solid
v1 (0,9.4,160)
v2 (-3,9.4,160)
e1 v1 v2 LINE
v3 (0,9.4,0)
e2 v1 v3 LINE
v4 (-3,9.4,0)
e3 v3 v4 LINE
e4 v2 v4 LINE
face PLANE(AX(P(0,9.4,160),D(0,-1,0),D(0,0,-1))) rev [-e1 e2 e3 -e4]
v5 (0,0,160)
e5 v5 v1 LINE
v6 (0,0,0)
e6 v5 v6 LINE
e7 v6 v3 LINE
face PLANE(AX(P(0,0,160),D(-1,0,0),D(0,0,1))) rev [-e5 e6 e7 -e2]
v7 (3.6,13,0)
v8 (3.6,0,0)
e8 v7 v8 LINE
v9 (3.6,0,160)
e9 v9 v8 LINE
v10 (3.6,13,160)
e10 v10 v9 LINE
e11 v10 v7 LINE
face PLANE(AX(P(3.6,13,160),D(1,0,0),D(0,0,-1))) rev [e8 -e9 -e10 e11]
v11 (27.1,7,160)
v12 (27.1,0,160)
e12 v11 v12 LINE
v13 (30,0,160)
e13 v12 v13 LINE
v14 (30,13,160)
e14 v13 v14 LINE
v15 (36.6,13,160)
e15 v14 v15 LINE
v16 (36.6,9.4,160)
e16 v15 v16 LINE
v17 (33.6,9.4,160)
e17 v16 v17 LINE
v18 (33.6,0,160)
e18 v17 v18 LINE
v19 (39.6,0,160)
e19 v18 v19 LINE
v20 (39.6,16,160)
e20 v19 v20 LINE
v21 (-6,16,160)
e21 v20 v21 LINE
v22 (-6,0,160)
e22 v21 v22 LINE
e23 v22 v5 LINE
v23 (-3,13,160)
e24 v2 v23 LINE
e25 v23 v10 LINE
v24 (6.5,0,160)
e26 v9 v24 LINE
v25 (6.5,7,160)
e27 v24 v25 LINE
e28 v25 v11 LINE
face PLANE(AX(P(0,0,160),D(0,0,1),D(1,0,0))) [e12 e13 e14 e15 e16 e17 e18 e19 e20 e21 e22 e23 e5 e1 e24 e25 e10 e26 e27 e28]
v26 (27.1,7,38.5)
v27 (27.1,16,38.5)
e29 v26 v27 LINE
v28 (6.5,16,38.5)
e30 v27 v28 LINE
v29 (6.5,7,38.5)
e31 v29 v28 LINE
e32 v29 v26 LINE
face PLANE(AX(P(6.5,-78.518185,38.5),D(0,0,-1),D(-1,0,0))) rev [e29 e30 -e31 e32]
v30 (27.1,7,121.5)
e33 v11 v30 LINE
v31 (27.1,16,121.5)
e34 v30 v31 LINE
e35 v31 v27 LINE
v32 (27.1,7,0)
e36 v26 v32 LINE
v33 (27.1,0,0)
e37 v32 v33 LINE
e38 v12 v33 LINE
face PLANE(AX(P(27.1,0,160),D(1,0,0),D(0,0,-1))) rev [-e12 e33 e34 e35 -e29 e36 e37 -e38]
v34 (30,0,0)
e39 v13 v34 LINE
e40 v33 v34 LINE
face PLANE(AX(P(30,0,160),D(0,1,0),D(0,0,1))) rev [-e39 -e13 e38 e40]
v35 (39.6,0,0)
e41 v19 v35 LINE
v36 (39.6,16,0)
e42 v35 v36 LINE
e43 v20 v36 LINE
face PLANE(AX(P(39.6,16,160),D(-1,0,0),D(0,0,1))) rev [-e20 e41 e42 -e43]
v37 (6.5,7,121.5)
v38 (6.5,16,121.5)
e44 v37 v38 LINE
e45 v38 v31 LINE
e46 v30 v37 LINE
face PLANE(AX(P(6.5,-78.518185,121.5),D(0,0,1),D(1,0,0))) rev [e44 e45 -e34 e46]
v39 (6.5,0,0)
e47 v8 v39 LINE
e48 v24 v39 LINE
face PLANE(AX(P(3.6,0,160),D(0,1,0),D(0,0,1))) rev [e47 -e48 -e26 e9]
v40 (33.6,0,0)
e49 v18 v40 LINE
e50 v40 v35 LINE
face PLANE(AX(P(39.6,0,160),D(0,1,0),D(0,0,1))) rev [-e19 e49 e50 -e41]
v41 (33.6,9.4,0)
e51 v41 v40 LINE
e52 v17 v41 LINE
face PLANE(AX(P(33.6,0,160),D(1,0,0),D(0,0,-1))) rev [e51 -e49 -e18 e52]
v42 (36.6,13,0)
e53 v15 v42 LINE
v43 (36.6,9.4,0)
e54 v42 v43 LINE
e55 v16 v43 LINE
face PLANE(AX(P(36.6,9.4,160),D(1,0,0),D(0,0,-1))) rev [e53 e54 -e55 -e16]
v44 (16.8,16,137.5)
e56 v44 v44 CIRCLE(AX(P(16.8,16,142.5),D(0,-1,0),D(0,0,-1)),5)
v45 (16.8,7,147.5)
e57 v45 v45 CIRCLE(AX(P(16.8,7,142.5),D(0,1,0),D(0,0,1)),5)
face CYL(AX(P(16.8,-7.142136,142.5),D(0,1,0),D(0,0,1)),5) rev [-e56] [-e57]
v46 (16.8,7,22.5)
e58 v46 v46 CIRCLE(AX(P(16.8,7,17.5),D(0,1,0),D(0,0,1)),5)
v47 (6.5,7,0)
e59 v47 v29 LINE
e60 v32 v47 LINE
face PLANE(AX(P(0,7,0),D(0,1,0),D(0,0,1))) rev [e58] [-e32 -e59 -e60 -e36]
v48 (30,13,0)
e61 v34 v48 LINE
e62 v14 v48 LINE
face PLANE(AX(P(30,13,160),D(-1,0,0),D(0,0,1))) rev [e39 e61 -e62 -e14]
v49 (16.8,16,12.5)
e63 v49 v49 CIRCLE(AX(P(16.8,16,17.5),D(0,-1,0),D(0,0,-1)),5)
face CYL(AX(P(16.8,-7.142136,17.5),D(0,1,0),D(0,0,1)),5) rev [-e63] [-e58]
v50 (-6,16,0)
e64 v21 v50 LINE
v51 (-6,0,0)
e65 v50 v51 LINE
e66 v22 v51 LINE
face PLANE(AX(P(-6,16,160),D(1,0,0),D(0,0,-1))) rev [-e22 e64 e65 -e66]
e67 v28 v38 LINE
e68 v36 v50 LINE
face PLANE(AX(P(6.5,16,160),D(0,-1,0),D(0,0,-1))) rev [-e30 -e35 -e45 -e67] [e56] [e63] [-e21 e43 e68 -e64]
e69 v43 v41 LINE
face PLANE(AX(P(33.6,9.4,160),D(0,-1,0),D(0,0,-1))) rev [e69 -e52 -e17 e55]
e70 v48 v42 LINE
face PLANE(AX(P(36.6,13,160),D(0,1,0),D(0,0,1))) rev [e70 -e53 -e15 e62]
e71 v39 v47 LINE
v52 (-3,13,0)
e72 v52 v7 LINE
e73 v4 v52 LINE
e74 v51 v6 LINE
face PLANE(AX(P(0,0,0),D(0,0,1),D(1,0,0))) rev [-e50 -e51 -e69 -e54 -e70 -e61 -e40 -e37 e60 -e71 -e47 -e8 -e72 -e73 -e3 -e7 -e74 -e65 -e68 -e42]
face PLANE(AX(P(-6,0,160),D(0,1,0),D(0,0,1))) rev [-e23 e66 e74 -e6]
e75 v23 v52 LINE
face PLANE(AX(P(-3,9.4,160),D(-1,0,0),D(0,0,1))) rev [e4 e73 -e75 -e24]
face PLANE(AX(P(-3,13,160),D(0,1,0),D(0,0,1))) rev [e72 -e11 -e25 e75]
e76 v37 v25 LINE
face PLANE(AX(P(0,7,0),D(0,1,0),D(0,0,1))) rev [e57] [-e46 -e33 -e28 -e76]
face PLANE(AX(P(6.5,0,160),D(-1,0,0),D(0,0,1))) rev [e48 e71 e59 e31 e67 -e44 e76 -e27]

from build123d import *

# Parameters (mm, degrees)
BOSS_EXTRUDE1_DEPTH   = 160
BOSS_EXTRUDE1_2_DEPTH = 160
BOSS_EXTRUDE2_START   = 16
SKETCH3_W             = 20.6
SKETCH3_H             = 160
BOSS_EXTRUDE2_DEPTH   = 9
CUT_EXTRUDE1_START    = 16
SKETCH4_R             = 5
CUT_EXTRUDE1_DEPTH    = 9
CUT_EXTRUDE2_START    = 16
SKETCH5_W             = 20.6
SKETCH5_H             = 83
CUT_EXTRUDE2_DEPTH    = 9


with BuildPart() as part:
    # Sketch2 → Boss-Extrude1 (new body)
    with BuildSketch(Plane.XY):
        Polygon((0, 0), (0, 9.4), (-3, 9.4), (-3, 13), (3.6, 13), (3.6, 0), (6.5, 0), (6.5, 16), (-6, 16), (-6, 0), align=None)
    extrude(amount=BOSS_EXTRUDE1_DEPTH)



with BuildPart() as body_2:
    # Sketch2 → Boss-Extrude1 2 (new body)
    with BuildSketch(Plane.XY):
        Polygon((39.6, 0), (33.6, 0), (33.6, 9.4), (36.6, 9.4), (36.6, 13), (30, 13), (30, 0), (27.1, 0), (27.1, 16), (39.6, 16), align=None)
    extrude(amount=BOSS_EXTRUDE1_2_DEPTH)


with BuildPart() as part_1:
    add(part.part)

    add(body_2.part)  # Boss-Extrude2 merges body 2
    # Sketch3 → Boss-Extrude2 (add)
    with BuildSketch(Plane(origin=(0, 0, 0), x_dir=(1, 0, 0), z_dir=(0, 1, 0)).offset(BOSS_EXTRUDE2_START)):
        with Locations((16.8, -80)):
            Rectangle(SKETCH3_W, SKETCH3_H)
    extrude(amount=-BOSS_EXTRUDE2_DEPTH)

    # Sketch4 → Cut-Extrude1 (cut)
    with BuildSketch(Plane(origin=(0, 0, 0), x_dir=(1, 0, 0), z_dir=(0, 1, 0)).offset(CUT_EXTRUDE1_START)):
        with Locations((16.8, -17.5)):
            Circle(SKETCH4_R)
        with Locations((16.8, -142.5)):
            Circle(SKETCH4_R)
    extrude(amount=-CUT_EXTRUDE1_DEPTH, mode=Mode.SUBTRACT)

    # Sketch5 → Cut-Extrude2 (cut)
    with BuildSketch(Plane(origin=(0, 0, 0), x_dir=(1, 0, 0), z_dir=(0, 1, 0)).offset(CUT_EXTRUDE2_START)):
        with Locations((16.8, -80)):
            Rectangle(SKETCH5_W, SKETCH5_H)
    extrude(amount=-CUT_EXTRUDE2_DEPTH, mode=Mode.SUBTRACT)


solid = part_1.part
